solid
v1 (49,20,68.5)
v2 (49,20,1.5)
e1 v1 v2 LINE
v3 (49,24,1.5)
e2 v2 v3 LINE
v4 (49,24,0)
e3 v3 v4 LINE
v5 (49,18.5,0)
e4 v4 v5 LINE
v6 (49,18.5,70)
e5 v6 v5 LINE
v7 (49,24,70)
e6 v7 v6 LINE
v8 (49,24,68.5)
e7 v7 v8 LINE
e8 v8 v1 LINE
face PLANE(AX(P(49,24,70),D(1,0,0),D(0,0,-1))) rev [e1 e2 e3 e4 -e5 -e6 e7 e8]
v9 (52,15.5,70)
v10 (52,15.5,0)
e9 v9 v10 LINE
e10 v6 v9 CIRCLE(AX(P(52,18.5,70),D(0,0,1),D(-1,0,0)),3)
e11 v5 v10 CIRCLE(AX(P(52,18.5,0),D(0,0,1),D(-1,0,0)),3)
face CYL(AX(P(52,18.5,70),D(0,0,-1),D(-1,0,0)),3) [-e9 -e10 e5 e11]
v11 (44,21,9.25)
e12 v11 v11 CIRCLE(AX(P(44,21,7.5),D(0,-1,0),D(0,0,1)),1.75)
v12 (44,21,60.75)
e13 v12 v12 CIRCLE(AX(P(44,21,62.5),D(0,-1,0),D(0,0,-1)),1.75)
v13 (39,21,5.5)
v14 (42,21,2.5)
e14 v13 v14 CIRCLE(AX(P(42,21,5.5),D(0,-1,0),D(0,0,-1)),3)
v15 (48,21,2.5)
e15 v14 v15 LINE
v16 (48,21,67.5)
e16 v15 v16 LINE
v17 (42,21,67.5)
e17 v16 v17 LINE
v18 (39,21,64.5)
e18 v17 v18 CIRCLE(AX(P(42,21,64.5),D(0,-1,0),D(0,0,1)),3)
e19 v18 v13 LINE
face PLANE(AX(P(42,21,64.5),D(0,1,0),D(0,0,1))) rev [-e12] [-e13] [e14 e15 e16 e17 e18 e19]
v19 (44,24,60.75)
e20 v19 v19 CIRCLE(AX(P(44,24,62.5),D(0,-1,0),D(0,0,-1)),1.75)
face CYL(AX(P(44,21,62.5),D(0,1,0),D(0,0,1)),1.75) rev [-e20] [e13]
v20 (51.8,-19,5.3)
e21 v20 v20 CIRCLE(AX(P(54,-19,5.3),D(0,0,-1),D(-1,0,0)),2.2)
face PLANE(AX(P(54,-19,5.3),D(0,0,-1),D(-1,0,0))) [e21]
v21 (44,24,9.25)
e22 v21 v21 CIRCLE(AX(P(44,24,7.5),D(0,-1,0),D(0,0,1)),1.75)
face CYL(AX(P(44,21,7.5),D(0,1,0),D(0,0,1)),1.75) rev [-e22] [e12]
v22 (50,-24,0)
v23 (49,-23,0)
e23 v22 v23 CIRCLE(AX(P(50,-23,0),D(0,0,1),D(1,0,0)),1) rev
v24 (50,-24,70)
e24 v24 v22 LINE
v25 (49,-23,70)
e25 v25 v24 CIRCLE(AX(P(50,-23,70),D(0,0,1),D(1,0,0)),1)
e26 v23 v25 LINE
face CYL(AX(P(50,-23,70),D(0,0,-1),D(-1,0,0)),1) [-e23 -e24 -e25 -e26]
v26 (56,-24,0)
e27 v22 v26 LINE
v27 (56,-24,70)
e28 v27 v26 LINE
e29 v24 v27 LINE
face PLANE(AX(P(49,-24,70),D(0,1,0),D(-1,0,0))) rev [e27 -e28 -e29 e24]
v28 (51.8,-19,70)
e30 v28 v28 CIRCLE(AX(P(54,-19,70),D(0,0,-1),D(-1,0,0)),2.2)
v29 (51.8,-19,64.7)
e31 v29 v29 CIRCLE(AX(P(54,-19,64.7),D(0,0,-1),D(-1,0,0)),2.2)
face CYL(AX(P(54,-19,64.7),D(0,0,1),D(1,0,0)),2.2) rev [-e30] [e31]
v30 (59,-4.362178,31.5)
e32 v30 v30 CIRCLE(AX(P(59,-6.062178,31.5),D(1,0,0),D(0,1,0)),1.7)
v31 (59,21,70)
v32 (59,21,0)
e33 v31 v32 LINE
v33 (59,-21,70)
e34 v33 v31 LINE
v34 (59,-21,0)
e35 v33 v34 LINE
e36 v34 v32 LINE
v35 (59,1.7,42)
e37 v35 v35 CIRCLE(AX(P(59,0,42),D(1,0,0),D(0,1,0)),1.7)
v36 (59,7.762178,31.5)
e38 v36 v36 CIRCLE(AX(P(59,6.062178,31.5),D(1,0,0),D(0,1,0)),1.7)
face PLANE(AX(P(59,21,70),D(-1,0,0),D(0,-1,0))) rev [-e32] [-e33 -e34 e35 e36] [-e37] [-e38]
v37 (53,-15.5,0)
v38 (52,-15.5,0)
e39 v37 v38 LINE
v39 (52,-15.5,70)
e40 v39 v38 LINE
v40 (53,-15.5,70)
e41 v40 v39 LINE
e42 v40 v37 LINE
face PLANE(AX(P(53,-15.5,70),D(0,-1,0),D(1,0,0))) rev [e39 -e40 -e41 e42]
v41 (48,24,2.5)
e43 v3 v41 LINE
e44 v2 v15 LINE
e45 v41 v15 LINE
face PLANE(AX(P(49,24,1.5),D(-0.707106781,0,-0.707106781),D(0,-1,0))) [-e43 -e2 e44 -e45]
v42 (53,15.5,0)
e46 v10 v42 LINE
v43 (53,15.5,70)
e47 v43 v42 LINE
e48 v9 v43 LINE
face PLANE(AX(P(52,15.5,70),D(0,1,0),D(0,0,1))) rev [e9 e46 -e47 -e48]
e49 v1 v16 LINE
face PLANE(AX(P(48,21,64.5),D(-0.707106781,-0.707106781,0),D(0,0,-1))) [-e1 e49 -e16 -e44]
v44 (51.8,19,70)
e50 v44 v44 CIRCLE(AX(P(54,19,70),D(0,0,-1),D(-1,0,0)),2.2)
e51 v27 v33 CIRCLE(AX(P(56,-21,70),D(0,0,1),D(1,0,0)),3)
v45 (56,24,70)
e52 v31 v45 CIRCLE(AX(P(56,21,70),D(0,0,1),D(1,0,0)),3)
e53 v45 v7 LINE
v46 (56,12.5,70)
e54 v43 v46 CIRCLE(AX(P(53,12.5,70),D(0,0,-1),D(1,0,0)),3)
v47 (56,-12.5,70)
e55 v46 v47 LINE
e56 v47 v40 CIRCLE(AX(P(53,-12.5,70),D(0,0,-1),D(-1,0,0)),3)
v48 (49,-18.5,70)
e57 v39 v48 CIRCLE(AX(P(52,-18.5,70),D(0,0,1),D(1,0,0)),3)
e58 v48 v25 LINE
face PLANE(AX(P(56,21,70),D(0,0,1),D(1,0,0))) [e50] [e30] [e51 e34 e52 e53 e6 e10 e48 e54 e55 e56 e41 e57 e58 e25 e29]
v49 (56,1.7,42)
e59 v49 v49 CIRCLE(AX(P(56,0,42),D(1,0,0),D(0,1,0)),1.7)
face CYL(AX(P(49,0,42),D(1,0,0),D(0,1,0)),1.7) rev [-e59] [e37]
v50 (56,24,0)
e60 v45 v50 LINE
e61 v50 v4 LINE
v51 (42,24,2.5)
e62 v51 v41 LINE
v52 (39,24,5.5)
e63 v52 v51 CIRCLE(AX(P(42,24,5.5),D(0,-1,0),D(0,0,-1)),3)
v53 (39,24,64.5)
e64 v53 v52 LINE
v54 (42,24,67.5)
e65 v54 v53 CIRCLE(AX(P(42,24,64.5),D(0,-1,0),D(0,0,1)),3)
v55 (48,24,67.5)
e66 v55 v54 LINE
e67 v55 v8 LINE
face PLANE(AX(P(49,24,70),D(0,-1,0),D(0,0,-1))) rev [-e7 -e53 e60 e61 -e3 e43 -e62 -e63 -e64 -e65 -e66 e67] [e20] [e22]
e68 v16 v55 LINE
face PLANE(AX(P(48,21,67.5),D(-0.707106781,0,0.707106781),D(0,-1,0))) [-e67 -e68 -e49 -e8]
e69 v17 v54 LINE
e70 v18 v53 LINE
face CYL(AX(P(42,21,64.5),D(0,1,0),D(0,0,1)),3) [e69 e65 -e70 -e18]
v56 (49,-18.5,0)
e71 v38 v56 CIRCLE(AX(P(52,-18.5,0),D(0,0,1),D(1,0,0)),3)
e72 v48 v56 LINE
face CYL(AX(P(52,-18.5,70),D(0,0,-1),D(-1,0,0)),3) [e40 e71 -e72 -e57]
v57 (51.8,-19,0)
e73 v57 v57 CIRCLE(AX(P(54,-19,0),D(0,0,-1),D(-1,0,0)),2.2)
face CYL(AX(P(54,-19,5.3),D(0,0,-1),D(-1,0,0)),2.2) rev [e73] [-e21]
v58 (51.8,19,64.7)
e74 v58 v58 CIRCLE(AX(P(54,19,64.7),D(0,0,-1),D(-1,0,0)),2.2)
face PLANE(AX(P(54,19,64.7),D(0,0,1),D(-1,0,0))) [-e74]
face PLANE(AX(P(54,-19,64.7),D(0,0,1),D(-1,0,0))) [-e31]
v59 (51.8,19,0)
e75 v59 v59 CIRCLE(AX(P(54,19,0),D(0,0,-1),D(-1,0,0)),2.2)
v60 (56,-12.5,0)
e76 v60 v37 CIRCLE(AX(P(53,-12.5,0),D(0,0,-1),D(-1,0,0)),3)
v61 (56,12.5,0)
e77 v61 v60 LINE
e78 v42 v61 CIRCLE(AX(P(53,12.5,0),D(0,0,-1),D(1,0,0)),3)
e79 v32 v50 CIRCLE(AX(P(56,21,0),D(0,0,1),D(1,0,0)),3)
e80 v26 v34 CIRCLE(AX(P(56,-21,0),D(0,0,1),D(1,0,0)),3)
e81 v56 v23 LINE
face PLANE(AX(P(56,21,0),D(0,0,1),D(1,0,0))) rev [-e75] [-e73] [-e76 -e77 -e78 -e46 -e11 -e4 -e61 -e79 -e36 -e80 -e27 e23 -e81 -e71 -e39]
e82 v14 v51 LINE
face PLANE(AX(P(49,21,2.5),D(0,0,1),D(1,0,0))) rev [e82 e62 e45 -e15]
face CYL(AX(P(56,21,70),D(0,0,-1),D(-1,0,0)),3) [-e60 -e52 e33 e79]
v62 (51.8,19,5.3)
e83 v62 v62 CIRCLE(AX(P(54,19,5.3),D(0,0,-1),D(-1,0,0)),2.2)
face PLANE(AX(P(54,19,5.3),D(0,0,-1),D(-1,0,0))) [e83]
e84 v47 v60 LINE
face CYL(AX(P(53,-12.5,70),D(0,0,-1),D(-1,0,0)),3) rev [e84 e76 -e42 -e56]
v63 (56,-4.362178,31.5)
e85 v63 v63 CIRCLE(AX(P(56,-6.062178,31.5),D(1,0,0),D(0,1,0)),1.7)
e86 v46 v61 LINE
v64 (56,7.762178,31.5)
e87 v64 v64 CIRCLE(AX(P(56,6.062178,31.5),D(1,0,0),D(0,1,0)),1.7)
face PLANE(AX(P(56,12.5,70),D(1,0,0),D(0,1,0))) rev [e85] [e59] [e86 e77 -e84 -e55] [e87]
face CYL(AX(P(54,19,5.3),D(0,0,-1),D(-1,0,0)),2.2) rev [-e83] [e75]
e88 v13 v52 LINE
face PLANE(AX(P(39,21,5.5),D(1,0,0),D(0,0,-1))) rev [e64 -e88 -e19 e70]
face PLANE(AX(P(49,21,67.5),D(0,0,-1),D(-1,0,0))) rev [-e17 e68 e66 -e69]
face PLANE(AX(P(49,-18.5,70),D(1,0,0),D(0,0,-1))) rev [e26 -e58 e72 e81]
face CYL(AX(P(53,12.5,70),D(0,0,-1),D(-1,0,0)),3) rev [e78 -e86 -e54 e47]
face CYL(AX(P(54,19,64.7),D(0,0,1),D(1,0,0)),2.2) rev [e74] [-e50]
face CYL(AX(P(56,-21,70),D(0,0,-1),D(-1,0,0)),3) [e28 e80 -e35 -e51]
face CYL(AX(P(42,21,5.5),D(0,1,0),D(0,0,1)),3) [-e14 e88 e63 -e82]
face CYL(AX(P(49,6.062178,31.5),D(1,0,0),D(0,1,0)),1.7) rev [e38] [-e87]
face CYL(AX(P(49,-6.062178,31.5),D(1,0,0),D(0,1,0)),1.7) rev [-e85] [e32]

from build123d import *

# Parameters (mm, degrees)
BOSS_EXTRUDE1_DEPTH = 70
SKETCH2_R           = 2.2
CUT_EXTRUDE1_DEPTH  = 5.3
FILLET1_R           = 1
SKETCH4_R           = 1.7
CUT_EXTRUDE3_DEPTH  = 10
SKETCH5_R           = 1.75
BOSS_EXTRUDE2_DEPTH = 3
CHAMFER1_SIZE       = 1


with BuildPart() as part:
    # Sketch1 → Boss-Extrude1 (new body)
    with BuildSketch(Plane.XY):
        with BuildLine():
            Line((49, 24), (49, 18.5))
            ThreePointArc((49, 18.5), (49.878679656, 16.378679656), (52, 15.5))
            Line((52, 15.5), (53, 15.5))
            ThreePointArc((53, 15.5), (55.121320344, 14.621320344), (56, 12.5))
            Line((56, 12.5), (56, -12.5))
            ThreePointArc((56, -12.5), (55.121320344, -14.621320344), (53, -15.5))
            Line((53, -15.5), (52, -15.5))
            ThreePointArc((52, -15.5), (49.878679656, -16.378679656), (49, -18.5))
            Line((49, -18.5), (49, -24))
            Line((49, -24), (56, -24))
            ThreePointArc((56, -24), (58.121320344, -23.121320344), (59, -21))
            Line((59, -21), (59, 21))
            ThreePointArc((59, 21), (58.121320344, 23.121320344), (56, 24))
            Line((56, 24), (49, 24))
        make_face()
    extrude(amount=BOSS_EXTRUDE1_DEPTH)

    # Sketch2 → Cut-Extrude1 (cut)
    with BuildSketch(Plane(origin=(0, 0, 0), x_dir=(-1, 0, 0), z_dir=(0, 0, -1))):
        with Locations((-54, -19)):
            Circle(SKETCH2_R)
        with Locations((-54, 19)):
            Circle(SKETCH2_R)
    cut_extrude1 = extrude(amount=-CUT_EXTRUDE1_DEPTH, mode=Mode.SUBTRACT)

    # Mirror1: Cut-Extrude1 across plane
    add(cut_extrude1.mirror(Plane(origin=(0, 0, 35), x_dir=(1, 0, 0), z_dir=(0, 0, -1))), mode=Mode.SUBTRACT)

    # Fillet1
    fillet1_edges = [part.edges().sort_by_distance(p)[0] for p in [
        (49, -24, 35),
    ]]
    fillet(fillet1_edges, radius=FILLET1_R)

    # Sketch4 → Cut-Extrude3 (cut)
    with BuildSketch(Plane(origin=(59, 0, 0), x_dir=(0, 0, -1), z_dir=(1, 0, 0))):
        with Locations(Location((-42, 0, 0), (0, 0, 90))):
            Circle(SKETCH4_R)
        with Locations(Location((-31.5, 6.062177826, 0), (0, 0, 90))):
            Circle(SKETCH4_R)
        with Locations(Location((-31.5, -6.062177826, 0), (0, 0, 90))):
            Circle(SKETCH4_R)
    extrude(amount=-CUT_EXTRUDE3_DEPTH, mode=Mode.SUBTRACT)

    # Sketch5 → Boss-Extrude2 (add)
    with BuildSketch(Plane.XZ.offset(-24)):
        with BuildLine():
            Line((49, 2.5), (42, 2.5))
            ThreePointArc((42, 2.5), (39.878679656, 3.378679656), (39, 5.5))
            Line((39, 5.5), (39, 64.5))
            ThreePointArc((39, 64.5), (39.878679656, 66.621320344), (42, 67.5))
            Line((42, 67.5), (49, 67.5))
            Line((49, 67.5), (49, 2.5))
        make_face()
        with Locations(Location((44, 62.5, 0), (0, 0, 270))):
            Circle(SKETCH5_R, mode=Mode.SUBTRACT)
        with Locations(Location((44, 7.5, 0), (0, 0, 90))):
            Circle(SKETCH5_R, mode=Mode.SUBTRACT)
    extrude(amount=BOSS_EXTRUDE2_DEPTH)

    # Chamfer1
    chamfer1_edges = [part.edges().sort_by_distance(p)[0] for p in [
        (49, 21, 35),
        (49, 22.5, 2.5),
        (49, 22.5, 67.5),
    ]]
    chamfer(chamfer1_edges, length=CHAMFER1_SIZE)


solid = part.part
